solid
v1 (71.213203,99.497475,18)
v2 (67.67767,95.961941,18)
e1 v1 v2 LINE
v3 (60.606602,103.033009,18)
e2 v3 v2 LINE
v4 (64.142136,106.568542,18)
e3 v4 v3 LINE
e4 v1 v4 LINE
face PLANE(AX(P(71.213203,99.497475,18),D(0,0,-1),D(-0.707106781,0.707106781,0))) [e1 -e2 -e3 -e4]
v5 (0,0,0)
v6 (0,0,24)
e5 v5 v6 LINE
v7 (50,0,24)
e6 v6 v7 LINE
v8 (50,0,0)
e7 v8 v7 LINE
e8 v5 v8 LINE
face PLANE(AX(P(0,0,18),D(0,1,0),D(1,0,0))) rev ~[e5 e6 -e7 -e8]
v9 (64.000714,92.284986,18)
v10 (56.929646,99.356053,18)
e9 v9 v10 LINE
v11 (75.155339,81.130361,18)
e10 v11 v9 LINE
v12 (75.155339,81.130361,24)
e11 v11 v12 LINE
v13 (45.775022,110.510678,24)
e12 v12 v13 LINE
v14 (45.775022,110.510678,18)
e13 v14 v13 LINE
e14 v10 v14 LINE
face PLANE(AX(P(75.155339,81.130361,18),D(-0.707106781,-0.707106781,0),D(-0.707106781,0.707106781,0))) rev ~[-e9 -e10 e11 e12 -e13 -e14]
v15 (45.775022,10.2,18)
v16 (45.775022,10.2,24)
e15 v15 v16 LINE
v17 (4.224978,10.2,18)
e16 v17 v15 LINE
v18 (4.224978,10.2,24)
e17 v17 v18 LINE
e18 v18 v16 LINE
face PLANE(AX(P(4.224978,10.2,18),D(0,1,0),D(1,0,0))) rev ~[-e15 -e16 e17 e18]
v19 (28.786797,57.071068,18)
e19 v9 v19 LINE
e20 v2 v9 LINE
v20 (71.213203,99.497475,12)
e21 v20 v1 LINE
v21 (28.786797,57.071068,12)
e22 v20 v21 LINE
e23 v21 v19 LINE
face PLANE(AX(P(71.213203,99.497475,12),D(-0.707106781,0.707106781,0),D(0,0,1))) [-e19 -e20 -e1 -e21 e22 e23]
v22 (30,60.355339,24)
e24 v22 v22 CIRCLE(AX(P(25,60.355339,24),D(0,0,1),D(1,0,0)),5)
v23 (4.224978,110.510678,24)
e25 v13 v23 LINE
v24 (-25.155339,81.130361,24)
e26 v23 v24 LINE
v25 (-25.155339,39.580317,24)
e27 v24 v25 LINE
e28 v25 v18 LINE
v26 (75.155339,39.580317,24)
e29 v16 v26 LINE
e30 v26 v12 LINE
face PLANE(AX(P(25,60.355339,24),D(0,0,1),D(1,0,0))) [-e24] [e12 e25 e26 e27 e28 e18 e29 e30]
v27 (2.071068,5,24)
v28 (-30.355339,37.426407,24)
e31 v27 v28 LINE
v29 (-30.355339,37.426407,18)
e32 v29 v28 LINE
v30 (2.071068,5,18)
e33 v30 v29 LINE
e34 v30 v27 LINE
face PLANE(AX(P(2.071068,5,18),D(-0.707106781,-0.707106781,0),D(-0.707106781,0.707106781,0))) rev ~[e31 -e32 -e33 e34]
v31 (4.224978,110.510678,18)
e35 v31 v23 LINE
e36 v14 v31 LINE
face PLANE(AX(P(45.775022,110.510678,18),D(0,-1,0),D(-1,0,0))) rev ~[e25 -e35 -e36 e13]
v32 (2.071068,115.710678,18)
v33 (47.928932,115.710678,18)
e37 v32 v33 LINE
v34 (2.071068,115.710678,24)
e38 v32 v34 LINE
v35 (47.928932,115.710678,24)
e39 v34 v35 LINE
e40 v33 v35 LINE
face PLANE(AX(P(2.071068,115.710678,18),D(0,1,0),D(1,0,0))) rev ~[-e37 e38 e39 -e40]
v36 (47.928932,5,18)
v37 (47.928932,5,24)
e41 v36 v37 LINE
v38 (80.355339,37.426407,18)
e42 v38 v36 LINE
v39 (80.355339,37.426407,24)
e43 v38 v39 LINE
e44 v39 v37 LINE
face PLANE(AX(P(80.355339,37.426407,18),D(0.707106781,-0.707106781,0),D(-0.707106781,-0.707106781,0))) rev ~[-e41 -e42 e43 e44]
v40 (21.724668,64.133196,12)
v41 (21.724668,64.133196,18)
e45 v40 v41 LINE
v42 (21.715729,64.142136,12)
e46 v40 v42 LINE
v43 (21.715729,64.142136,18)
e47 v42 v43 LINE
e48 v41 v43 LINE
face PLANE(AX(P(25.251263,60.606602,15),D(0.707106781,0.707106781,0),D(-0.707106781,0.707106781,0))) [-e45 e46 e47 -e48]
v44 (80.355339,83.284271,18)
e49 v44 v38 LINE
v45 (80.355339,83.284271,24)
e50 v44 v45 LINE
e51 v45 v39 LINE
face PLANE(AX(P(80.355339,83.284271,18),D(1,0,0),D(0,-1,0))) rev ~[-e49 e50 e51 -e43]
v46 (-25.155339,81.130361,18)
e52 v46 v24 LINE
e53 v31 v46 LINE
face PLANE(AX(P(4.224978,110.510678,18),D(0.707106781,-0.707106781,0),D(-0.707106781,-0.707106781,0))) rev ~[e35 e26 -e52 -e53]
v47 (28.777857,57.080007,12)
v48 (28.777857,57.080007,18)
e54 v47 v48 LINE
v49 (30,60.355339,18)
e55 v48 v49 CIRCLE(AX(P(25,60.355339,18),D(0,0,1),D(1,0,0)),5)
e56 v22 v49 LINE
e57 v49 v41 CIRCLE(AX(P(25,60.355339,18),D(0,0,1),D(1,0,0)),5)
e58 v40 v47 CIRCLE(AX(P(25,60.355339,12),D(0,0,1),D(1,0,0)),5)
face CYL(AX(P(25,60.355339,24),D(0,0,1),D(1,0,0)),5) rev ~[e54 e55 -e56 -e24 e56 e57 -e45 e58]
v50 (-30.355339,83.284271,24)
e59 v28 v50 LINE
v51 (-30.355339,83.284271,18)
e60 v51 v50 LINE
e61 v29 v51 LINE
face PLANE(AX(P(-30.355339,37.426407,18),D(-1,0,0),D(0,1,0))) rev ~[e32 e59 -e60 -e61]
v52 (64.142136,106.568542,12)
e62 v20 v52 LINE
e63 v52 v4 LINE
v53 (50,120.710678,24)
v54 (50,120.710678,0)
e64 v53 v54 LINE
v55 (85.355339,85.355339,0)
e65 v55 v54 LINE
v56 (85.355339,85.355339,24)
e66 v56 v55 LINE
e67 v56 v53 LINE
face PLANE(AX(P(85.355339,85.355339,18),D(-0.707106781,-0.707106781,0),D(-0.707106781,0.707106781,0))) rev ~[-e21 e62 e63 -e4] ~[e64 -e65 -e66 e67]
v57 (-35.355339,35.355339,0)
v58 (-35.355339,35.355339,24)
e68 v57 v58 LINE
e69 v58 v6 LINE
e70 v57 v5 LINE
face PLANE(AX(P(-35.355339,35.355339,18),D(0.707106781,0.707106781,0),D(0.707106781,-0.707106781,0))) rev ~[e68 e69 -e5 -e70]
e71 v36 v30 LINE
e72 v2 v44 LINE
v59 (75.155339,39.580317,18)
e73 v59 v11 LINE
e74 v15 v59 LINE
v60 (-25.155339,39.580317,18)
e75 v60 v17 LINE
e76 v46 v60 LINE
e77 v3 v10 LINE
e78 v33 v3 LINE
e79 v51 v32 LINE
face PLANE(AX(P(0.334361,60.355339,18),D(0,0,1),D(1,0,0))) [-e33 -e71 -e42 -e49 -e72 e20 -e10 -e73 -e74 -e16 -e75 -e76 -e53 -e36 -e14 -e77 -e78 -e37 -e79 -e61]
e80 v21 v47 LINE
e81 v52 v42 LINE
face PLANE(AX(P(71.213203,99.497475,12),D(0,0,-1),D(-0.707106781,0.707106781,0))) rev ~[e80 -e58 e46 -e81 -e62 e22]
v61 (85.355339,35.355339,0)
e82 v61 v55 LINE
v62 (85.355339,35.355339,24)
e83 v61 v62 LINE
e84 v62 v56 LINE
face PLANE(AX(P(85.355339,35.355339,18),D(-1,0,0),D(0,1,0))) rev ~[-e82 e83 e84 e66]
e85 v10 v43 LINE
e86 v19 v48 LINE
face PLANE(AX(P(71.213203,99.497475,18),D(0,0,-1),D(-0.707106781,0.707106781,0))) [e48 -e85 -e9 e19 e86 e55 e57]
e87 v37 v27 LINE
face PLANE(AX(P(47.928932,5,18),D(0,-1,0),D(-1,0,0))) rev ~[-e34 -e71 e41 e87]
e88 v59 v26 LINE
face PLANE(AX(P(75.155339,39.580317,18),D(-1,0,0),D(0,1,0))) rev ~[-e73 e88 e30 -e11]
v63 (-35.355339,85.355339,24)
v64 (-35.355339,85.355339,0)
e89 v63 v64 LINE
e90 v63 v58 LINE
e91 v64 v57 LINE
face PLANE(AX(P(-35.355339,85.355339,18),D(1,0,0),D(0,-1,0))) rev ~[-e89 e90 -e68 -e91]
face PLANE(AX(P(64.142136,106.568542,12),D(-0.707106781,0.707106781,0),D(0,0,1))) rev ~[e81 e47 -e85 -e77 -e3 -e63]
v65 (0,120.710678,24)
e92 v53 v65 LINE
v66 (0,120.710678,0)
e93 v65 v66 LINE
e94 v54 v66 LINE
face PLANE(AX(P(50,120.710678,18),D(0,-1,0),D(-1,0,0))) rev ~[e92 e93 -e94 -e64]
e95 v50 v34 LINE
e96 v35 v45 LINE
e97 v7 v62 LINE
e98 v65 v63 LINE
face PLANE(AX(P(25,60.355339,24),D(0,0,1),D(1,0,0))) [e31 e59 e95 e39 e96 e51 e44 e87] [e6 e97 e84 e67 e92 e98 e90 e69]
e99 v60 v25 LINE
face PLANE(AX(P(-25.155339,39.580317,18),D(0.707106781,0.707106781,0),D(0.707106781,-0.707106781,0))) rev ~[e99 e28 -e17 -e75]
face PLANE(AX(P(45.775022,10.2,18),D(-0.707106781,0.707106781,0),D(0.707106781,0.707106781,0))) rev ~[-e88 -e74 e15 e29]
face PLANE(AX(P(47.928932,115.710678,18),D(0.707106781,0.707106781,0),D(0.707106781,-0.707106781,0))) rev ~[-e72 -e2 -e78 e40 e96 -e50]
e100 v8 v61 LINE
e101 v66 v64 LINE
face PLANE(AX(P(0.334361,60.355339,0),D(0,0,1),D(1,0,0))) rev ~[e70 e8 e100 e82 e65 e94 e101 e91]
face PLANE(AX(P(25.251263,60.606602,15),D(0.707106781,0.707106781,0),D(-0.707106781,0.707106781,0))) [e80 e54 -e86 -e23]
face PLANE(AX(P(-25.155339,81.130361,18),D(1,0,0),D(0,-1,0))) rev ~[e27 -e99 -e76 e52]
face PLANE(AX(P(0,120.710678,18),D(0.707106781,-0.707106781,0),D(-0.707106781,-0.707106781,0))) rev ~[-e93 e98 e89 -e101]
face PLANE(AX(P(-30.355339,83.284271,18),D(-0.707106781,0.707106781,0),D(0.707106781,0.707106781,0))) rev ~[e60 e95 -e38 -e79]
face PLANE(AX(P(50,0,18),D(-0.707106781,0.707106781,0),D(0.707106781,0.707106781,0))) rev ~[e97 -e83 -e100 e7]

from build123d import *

# Parameters (mm, degrees)
F1_DEPTH = 18
F3_DEPTH = 6
F4_R     = 5
F5_DEPTH = 12
F6_W     = 10
F6_H     = 6
F7_DEPTH = 60


with BuildPart() as f1:
    # F0 (on Top) → F1 (new body)
    with BuildSketch(Plane.XY):
        Polygon((-35.3553390593, 35.3553390593), (0, 0), (25, 0), (25, 120.7106781187), (0, 120.7106781187), (-35.3553390593, 85.3553390593), align=None)
        Polygon((25, 120.7106781187), (25, 0), (50, 0), (85.3553390593, 35.3553390593), (85.3553390593, 85.3553390593), (50, 120.7106781187), align=None)
    extrude(amount=F1_DEPTH)

    # F2 (on face) → F3 (join)
    with BuildSketch(Plane.XY.offset(18)):
        Polygon((-35.3553390593, 85.3553390593), (-35.3553390593, 35.3553390593), (0, 0), (50, 0), (85.3553390593, 35.3553390593), (85.3553390593, 85.3553390593), (50, 120.7106781187), (0, 120.7106781187), align=None)
        Polygon((2.0710678119, 5), (-30.3553390593, 37.4264068712), (-30.3553390593, 83.2842712475), (2.0710678119, 115.7106781187), (47.9289321881, 115.7106781187), (80.3553390593, 83.2842712475), (80.3553390593, 37.4264068712), (47.9289321881, 5), align=None, mode=Mode.SUBTRACT)
        Polygon((-25.1553390593, 81.1303607231), (-25.1553390593, 39.5803173955), (4.2249783362, 10.2), (45.7750216638, 10.2), (75.1553390593, 39.5803173955), (75.1553390593, 81.1303607231), (45.7750216638, 110.5106781187), (4.2249783362, 110.5106781187), align=None)
    extrude(amount=F3_DEPTH)

    # F4 (on face) → F5 (cut)
    with BuildSketch(Plane.XY.offset(24)):
        with Locations((25, 60.3553390593)):
            Circle(F4_R)
    extrude(amount=-F5_DEPTH, mode=Mode.SUBTRACT)

    # F6 (on face) → F7 (cut)
    with BuildSketch(Plane(origin=(85.3553390593, 85.3553390593, 0), x_dir=(-0.7071067812, 0.7071067812, 0), z_dir=(0.7071067812, 0.7071067812, 0))):
        with Locations((25, 15)):
            Rectangle(F6_W, F6_H)
    extrude(amount=-F7_DEPTH, mode=Mode.SUBTRACT)


solid = f1.part
